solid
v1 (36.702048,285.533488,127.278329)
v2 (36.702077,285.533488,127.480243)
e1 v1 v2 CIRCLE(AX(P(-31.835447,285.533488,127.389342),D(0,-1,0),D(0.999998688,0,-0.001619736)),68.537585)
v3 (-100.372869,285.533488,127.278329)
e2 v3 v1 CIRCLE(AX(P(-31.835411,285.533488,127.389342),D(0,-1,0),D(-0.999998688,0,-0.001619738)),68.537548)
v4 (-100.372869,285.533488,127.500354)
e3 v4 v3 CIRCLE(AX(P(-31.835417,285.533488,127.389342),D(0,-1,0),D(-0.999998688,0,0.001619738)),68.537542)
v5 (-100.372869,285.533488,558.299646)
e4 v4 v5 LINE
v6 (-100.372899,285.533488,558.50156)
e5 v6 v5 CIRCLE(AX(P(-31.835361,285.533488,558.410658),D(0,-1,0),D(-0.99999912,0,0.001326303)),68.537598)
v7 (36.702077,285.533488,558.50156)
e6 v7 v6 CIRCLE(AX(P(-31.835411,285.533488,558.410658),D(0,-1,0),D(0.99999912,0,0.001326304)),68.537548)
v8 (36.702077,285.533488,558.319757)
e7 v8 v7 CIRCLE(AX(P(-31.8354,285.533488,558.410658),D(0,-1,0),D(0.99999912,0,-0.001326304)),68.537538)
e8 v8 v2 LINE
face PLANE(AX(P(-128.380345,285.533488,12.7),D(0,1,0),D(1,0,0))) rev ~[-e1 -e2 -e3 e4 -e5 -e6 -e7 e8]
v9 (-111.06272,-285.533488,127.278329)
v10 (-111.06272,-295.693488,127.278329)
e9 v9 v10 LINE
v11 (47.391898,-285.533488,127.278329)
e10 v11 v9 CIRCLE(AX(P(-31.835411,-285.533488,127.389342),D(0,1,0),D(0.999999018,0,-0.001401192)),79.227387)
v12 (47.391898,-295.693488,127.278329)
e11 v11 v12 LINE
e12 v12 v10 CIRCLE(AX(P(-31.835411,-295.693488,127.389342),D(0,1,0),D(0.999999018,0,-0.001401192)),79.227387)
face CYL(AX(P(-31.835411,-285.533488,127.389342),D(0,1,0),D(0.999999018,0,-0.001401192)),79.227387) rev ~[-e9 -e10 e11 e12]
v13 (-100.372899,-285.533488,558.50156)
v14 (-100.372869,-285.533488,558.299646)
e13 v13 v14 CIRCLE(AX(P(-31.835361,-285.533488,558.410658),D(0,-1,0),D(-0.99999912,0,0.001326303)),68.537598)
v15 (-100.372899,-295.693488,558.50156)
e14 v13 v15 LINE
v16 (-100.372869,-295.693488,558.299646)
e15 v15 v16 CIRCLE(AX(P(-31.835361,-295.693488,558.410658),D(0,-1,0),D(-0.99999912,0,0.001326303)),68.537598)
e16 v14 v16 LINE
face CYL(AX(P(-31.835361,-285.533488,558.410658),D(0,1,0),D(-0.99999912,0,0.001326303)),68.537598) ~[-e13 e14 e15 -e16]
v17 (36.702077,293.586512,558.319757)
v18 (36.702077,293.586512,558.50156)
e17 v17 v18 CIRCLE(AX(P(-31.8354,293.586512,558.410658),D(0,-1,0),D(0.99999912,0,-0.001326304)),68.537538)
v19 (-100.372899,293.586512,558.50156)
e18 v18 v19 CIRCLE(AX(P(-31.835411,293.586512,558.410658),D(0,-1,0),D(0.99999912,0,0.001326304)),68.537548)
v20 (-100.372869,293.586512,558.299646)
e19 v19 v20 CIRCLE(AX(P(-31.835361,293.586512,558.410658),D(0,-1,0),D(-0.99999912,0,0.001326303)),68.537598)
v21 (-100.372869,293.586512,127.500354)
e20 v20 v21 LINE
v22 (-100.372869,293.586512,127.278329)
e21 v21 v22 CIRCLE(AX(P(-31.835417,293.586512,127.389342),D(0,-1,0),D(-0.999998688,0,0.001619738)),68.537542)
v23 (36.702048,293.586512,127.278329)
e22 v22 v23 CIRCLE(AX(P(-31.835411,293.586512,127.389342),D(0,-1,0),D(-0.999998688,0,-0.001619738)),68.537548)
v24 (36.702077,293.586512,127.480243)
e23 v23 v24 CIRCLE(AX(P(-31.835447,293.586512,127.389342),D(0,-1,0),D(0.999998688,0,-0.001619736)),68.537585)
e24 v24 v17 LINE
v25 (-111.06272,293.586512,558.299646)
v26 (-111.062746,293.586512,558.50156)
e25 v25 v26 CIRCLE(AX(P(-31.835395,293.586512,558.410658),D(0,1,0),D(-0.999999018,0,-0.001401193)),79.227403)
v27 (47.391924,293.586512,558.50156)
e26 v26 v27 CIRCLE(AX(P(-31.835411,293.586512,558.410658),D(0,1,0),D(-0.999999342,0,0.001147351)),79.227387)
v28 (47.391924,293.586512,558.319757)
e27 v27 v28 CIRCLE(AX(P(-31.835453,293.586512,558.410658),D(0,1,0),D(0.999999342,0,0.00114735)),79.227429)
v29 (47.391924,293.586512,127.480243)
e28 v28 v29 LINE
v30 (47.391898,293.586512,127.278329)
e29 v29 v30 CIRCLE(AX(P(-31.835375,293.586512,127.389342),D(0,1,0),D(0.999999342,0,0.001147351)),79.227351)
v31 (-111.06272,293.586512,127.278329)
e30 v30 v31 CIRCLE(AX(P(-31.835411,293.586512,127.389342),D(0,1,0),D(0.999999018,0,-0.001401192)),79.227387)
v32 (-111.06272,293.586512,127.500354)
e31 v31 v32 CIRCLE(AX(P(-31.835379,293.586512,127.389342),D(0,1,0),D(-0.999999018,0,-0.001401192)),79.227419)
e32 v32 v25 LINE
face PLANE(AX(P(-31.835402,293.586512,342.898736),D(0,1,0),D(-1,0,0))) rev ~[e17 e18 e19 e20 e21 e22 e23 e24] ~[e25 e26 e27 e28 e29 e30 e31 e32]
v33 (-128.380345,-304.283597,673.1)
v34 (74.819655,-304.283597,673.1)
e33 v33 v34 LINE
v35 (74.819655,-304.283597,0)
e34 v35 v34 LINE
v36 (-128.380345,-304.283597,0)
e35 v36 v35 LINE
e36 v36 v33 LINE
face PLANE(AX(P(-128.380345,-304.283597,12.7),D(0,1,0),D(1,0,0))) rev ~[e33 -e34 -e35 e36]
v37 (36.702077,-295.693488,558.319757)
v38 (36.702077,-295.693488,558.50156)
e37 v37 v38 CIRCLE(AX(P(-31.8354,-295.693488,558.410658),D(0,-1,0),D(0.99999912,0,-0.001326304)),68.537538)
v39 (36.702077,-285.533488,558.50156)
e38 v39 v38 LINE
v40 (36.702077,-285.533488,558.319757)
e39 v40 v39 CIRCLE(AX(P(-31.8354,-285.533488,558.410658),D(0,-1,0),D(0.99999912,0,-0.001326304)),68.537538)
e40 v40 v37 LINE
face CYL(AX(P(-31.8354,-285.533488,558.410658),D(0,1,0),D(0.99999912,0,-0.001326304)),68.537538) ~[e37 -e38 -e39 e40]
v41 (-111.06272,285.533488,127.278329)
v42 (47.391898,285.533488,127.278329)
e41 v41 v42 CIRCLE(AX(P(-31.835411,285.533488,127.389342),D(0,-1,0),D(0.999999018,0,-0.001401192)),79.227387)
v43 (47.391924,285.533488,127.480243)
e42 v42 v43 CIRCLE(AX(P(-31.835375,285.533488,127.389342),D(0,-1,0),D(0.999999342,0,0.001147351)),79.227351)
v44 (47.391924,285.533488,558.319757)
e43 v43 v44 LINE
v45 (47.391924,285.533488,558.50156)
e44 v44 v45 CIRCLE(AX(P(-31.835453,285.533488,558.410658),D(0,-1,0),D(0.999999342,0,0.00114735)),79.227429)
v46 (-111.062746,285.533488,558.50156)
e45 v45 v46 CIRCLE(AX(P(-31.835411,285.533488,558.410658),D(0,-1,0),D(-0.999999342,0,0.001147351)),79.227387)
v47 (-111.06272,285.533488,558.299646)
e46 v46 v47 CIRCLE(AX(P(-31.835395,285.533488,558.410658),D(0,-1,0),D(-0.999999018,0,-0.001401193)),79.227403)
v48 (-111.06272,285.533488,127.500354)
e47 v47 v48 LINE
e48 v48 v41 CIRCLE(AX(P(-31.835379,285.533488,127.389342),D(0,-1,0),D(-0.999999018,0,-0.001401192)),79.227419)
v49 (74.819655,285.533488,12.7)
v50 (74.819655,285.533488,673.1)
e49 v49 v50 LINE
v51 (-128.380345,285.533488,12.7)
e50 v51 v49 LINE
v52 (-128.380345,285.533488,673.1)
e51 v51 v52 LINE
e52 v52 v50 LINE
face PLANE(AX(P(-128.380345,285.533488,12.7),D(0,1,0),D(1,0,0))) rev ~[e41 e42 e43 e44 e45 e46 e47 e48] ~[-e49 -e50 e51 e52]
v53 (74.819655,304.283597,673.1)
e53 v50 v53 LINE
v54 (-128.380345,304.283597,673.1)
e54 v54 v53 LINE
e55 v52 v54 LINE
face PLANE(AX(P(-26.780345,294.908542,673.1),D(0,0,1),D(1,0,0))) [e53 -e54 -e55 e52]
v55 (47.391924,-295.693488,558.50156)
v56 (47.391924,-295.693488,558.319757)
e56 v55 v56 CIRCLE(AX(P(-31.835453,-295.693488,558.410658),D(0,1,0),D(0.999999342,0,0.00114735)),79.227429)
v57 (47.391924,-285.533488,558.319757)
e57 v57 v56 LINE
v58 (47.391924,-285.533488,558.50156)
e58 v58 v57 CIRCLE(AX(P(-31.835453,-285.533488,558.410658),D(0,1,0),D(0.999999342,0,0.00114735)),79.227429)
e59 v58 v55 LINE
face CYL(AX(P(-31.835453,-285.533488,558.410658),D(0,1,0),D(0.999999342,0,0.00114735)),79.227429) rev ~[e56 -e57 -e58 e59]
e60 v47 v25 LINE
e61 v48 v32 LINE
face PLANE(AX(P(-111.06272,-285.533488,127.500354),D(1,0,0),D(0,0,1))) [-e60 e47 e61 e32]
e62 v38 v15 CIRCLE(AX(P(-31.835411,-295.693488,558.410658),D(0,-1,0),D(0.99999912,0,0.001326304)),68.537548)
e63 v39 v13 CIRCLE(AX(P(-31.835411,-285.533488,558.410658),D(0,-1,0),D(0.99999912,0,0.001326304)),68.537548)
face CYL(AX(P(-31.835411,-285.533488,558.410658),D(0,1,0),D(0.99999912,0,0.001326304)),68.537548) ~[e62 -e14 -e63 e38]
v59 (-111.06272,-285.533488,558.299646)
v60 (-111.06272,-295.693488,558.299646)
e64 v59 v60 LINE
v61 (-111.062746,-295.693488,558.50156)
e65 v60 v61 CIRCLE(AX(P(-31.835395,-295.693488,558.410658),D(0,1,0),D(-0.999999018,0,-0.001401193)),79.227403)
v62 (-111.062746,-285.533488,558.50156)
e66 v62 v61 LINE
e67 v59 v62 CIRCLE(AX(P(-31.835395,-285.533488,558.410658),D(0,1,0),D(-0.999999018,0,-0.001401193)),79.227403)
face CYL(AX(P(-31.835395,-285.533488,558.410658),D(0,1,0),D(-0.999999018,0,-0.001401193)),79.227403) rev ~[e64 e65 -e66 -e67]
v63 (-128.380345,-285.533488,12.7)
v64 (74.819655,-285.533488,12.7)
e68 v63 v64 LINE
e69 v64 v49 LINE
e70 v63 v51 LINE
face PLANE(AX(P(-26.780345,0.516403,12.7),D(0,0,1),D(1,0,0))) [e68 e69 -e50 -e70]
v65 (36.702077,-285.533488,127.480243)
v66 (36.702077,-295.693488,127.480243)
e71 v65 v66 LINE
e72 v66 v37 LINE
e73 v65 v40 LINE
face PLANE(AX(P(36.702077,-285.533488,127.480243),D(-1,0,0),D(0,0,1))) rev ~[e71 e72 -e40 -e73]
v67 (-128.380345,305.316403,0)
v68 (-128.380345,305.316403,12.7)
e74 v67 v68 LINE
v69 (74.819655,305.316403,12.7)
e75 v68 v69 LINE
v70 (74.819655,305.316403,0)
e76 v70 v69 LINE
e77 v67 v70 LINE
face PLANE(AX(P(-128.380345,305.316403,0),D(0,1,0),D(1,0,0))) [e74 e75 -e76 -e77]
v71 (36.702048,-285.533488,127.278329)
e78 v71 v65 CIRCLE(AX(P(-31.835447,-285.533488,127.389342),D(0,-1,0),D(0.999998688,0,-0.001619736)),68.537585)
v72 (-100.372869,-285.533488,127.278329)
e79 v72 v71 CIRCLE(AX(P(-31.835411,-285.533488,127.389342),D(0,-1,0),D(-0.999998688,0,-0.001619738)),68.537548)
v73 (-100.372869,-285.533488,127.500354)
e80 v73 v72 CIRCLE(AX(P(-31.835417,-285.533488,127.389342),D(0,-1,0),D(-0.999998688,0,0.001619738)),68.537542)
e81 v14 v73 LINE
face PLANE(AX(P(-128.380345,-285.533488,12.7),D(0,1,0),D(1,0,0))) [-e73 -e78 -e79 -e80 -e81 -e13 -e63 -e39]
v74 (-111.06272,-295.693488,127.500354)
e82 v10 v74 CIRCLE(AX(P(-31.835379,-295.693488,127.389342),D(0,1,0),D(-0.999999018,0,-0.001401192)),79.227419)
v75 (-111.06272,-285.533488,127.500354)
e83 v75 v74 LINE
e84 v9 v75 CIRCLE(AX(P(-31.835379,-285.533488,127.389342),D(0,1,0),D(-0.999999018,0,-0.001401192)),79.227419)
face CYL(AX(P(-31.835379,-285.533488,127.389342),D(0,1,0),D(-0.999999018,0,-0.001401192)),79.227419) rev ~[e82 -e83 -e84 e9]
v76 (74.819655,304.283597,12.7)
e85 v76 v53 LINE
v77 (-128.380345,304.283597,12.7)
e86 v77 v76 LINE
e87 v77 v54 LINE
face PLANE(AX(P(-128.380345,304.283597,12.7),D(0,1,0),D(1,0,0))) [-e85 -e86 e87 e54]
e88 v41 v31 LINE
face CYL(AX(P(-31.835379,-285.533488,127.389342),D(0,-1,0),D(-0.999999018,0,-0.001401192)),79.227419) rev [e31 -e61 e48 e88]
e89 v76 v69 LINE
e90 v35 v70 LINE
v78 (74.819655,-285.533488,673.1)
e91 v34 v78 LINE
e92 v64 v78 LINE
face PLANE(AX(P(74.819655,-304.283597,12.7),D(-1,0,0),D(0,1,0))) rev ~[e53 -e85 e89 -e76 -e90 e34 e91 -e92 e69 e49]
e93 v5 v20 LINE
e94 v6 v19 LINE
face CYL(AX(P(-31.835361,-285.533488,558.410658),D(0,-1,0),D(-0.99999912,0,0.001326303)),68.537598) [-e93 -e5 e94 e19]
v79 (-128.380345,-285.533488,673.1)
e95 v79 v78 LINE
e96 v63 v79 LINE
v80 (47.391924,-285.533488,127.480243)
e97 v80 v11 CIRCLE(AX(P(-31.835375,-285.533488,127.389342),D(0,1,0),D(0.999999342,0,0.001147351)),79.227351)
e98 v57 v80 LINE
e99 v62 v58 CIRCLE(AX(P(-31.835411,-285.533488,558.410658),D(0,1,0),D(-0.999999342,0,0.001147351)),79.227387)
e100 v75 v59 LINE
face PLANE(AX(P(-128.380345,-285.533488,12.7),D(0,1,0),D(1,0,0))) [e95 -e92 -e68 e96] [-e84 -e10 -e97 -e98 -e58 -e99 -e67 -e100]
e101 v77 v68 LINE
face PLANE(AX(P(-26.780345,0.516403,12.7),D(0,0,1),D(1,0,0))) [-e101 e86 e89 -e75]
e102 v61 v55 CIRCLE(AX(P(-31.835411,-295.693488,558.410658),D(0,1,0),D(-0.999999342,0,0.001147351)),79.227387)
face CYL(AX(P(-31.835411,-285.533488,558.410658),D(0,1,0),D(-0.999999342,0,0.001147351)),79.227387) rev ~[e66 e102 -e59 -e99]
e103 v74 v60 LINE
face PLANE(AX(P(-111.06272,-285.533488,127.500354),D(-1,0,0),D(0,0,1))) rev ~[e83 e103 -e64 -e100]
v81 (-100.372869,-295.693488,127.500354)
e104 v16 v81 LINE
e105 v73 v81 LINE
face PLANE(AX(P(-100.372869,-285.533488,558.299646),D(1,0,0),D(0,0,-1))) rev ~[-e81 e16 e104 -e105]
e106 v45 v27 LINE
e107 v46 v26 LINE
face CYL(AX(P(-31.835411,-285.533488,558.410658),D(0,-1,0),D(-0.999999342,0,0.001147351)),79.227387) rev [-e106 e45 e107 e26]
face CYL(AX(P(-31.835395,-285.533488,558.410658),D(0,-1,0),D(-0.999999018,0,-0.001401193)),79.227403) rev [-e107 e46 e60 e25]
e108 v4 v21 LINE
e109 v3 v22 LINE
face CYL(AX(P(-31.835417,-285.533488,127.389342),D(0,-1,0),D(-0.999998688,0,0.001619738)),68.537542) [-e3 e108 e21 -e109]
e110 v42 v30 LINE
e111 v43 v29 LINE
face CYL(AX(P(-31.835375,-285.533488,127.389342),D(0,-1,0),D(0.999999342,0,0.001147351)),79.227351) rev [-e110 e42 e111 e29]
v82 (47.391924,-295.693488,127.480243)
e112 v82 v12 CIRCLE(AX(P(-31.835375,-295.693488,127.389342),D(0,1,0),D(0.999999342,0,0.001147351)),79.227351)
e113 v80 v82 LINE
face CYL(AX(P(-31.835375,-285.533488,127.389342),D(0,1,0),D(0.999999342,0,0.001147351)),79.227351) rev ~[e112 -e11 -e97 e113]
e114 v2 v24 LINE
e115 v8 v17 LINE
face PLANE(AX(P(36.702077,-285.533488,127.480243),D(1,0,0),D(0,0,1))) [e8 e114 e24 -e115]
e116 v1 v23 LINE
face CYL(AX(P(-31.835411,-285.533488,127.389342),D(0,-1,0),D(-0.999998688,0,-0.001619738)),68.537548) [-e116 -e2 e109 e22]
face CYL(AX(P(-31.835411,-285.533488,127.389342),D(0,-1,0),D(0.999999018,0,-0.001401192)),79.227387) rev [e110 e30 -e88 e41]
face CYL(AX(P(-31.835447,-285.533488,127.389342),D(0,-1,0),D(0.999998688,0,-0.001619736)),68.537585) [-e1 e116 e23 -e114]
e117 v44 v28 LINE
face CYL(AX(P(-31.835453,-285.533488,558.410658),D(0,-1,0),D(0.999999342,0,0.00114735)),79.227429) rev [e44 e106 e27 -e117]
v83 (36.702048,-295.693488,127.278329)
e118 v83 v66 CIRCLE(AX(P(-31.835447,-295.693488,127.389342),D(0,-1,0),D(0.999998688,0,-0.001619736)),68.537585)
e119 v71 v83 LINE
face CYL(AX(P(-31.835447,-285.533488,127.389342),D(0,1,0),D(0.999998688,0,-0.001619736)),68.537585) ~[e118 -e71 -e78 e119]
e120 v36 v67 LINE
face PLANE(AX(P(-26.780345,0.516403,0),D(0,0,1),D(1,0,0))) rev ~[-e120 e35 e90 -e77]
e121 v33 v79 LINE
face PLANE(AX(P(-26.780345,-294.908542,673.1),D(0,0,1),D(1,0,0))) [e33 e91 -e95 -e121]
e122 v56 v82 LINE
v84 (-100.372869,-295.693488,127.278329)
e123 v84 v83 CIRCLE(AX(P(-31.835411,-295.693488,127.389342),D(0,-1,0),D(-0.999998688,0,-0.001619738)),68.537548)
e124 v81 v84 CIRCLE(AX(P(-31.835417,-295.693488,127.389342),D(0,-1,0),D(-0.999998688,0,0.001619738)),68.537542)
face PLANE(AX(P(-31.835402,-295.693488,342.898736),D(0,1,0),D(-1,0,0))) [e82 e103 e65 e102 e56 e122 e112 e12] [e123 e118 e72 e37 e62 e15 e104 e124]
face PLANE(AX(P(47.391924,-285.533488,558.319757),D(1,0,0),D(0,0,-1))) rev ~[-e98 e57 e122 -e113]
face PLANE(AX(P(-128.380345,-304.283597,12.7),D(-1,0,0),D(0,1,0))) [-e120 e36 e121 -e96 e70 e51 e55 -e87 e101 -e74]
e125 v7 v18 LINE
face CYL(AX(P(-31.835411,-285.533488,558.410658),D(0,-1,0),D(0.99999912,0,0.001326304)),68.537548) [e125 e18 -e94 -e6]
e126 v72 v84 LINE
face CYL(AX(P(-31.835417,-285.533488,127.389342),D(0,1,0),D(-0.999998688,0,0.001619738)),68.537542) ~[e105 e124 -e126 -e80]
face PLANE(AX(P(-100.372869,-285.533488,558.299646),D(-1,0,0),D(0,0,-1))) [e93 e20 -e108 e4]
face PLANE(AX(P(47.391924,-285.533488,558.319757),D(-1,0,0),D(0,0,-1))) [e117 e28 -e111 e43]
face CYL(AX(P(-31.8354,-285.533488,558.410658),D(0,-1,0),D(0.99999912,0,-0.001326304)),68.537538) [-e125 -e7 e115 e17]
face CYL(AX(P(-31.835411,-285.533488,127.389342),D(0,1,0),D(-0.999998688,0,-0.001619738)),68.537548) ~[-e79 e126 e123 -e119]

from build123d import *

# Parameters (mm, degrees)
F0_W          = 203.2
F0_H          = 609.6
F1_DEPTH      = 12.7
F2_W          = 203.2
F2_H          = 18.7501087368
F3_DEPTH      = 660.4
F5_DEPTH      = 10.16
F5_DEPTH_BACK = 579.12


with BuildPart() as f1:
    # F0 (on Top) → F1 (new body)
    with BuildSketch(Plane.XY):
        with Locations((-26.7803451535, 0.5164034665)):
            Rectangle(F0_W, F0_H)
    extrude(amount=F1_DEPTH)

    # F2 (on face) → F3 (join)
    with BuildSketch(Plane.XY.offset(12.7)):
        with Locations((-26.7803451535, 294.9085421652)):
            Rectangle(F2_W, F2_H)
        with Locations((-26.7803451535, -294.9085421652)):
            Rectangle(F2_W, F2_H)
    extrude(amount=F3_DEPTH)

    # F4 (on face) → F5 (cut, two sides)
    with BuildSketch(Plane(origin=(0, -285.5334877968, 0), x_dir=(-1, 0, 0), z_dir=(0, 1, 0))) as f5_sk:
        with BuildLine():
            Line((-47.3919240568, 558.3197568053), (-47.3919240568, 127.4802431947))
            ThreePointArc((-47.3919240568, 127.4802431947), (-47.3919755667, 127.3792859835), (-47.3918984296, 127.2783287887))
            ThreePointArc((-47.3918984296, 127.2783287887), (31.835410726, 48.161954644), (111.0627199175, 127.2783287527))
            ThreePointArc((111.0627199175, 127.2783287527), (111.0627976927, 127.3893415928), (111.0627199175, 127.5003544328))
            Line((111.0627199175, 127.5003544328), (111.0627199175, 558.2996455672))
            ThreePointArc((111.0627199175, 558.2996455672), (111.0627970546, 558.4006027949), (111.0627455447, 558.5015600389))
            ThreePointArc((111.0627455447, 558.5015600389), (31.835410729, 637.638045356), (-47.3919240568, 558.5015600091))
            ThreePointArc((-47.3919240568, 558.5015600091), (-47.3919762048, 558.4106584072), (-47.3919240568, 558.3197568053))
        make_face()
        with BuildLine():
            ThreePointArc((-36.7020475123, 127.2783288007), (-36.7021366804, 127.3792859868), (-36.7020771365, 127.4802431948))
            Line((-36.7020771365, 127.4802431948), (-36.7020771365, 558.3197568053))
            ThreePointArc((-36.7020771365, 558.3197568053), (-36.7021374181, 558.4106584072), (-36.7020771365, 558.5015600091))
            ThreePointArc((-36.7020771365, 558.5015600091), (31.8354107241, 626.9482065693), (100.3728986244, 558.5015600488))
            ThreePointArc((100.3728986244, 558.5015600488), (100.3729581683, 558.400602797), (100.3728690001, 558.2996455671))
            Line((100.3728690001, 558.2996455671), (100.3728690001, 127.5003544328))
            ThreePointArc((100.3728690001, 127.5003544328), (100.372958906, 127.3893415928), (100.3728690001, 127.2783287527))
            ThreePointArc((100.3728690001, 127.2783287527), (31.83541072, 58.8517934307), (-36.7020475123, 127.2783288007))
        make_face(mode=Mode.SUBTRACT)
    extrude(amount=-F5_DEPTH, mode=Mode.SUBTRACT)
    extrude(f5_sk.sketch, amount=F5_DEPTH_BACK, mode=Mode.SUBTRACT)


solid = f1.part
